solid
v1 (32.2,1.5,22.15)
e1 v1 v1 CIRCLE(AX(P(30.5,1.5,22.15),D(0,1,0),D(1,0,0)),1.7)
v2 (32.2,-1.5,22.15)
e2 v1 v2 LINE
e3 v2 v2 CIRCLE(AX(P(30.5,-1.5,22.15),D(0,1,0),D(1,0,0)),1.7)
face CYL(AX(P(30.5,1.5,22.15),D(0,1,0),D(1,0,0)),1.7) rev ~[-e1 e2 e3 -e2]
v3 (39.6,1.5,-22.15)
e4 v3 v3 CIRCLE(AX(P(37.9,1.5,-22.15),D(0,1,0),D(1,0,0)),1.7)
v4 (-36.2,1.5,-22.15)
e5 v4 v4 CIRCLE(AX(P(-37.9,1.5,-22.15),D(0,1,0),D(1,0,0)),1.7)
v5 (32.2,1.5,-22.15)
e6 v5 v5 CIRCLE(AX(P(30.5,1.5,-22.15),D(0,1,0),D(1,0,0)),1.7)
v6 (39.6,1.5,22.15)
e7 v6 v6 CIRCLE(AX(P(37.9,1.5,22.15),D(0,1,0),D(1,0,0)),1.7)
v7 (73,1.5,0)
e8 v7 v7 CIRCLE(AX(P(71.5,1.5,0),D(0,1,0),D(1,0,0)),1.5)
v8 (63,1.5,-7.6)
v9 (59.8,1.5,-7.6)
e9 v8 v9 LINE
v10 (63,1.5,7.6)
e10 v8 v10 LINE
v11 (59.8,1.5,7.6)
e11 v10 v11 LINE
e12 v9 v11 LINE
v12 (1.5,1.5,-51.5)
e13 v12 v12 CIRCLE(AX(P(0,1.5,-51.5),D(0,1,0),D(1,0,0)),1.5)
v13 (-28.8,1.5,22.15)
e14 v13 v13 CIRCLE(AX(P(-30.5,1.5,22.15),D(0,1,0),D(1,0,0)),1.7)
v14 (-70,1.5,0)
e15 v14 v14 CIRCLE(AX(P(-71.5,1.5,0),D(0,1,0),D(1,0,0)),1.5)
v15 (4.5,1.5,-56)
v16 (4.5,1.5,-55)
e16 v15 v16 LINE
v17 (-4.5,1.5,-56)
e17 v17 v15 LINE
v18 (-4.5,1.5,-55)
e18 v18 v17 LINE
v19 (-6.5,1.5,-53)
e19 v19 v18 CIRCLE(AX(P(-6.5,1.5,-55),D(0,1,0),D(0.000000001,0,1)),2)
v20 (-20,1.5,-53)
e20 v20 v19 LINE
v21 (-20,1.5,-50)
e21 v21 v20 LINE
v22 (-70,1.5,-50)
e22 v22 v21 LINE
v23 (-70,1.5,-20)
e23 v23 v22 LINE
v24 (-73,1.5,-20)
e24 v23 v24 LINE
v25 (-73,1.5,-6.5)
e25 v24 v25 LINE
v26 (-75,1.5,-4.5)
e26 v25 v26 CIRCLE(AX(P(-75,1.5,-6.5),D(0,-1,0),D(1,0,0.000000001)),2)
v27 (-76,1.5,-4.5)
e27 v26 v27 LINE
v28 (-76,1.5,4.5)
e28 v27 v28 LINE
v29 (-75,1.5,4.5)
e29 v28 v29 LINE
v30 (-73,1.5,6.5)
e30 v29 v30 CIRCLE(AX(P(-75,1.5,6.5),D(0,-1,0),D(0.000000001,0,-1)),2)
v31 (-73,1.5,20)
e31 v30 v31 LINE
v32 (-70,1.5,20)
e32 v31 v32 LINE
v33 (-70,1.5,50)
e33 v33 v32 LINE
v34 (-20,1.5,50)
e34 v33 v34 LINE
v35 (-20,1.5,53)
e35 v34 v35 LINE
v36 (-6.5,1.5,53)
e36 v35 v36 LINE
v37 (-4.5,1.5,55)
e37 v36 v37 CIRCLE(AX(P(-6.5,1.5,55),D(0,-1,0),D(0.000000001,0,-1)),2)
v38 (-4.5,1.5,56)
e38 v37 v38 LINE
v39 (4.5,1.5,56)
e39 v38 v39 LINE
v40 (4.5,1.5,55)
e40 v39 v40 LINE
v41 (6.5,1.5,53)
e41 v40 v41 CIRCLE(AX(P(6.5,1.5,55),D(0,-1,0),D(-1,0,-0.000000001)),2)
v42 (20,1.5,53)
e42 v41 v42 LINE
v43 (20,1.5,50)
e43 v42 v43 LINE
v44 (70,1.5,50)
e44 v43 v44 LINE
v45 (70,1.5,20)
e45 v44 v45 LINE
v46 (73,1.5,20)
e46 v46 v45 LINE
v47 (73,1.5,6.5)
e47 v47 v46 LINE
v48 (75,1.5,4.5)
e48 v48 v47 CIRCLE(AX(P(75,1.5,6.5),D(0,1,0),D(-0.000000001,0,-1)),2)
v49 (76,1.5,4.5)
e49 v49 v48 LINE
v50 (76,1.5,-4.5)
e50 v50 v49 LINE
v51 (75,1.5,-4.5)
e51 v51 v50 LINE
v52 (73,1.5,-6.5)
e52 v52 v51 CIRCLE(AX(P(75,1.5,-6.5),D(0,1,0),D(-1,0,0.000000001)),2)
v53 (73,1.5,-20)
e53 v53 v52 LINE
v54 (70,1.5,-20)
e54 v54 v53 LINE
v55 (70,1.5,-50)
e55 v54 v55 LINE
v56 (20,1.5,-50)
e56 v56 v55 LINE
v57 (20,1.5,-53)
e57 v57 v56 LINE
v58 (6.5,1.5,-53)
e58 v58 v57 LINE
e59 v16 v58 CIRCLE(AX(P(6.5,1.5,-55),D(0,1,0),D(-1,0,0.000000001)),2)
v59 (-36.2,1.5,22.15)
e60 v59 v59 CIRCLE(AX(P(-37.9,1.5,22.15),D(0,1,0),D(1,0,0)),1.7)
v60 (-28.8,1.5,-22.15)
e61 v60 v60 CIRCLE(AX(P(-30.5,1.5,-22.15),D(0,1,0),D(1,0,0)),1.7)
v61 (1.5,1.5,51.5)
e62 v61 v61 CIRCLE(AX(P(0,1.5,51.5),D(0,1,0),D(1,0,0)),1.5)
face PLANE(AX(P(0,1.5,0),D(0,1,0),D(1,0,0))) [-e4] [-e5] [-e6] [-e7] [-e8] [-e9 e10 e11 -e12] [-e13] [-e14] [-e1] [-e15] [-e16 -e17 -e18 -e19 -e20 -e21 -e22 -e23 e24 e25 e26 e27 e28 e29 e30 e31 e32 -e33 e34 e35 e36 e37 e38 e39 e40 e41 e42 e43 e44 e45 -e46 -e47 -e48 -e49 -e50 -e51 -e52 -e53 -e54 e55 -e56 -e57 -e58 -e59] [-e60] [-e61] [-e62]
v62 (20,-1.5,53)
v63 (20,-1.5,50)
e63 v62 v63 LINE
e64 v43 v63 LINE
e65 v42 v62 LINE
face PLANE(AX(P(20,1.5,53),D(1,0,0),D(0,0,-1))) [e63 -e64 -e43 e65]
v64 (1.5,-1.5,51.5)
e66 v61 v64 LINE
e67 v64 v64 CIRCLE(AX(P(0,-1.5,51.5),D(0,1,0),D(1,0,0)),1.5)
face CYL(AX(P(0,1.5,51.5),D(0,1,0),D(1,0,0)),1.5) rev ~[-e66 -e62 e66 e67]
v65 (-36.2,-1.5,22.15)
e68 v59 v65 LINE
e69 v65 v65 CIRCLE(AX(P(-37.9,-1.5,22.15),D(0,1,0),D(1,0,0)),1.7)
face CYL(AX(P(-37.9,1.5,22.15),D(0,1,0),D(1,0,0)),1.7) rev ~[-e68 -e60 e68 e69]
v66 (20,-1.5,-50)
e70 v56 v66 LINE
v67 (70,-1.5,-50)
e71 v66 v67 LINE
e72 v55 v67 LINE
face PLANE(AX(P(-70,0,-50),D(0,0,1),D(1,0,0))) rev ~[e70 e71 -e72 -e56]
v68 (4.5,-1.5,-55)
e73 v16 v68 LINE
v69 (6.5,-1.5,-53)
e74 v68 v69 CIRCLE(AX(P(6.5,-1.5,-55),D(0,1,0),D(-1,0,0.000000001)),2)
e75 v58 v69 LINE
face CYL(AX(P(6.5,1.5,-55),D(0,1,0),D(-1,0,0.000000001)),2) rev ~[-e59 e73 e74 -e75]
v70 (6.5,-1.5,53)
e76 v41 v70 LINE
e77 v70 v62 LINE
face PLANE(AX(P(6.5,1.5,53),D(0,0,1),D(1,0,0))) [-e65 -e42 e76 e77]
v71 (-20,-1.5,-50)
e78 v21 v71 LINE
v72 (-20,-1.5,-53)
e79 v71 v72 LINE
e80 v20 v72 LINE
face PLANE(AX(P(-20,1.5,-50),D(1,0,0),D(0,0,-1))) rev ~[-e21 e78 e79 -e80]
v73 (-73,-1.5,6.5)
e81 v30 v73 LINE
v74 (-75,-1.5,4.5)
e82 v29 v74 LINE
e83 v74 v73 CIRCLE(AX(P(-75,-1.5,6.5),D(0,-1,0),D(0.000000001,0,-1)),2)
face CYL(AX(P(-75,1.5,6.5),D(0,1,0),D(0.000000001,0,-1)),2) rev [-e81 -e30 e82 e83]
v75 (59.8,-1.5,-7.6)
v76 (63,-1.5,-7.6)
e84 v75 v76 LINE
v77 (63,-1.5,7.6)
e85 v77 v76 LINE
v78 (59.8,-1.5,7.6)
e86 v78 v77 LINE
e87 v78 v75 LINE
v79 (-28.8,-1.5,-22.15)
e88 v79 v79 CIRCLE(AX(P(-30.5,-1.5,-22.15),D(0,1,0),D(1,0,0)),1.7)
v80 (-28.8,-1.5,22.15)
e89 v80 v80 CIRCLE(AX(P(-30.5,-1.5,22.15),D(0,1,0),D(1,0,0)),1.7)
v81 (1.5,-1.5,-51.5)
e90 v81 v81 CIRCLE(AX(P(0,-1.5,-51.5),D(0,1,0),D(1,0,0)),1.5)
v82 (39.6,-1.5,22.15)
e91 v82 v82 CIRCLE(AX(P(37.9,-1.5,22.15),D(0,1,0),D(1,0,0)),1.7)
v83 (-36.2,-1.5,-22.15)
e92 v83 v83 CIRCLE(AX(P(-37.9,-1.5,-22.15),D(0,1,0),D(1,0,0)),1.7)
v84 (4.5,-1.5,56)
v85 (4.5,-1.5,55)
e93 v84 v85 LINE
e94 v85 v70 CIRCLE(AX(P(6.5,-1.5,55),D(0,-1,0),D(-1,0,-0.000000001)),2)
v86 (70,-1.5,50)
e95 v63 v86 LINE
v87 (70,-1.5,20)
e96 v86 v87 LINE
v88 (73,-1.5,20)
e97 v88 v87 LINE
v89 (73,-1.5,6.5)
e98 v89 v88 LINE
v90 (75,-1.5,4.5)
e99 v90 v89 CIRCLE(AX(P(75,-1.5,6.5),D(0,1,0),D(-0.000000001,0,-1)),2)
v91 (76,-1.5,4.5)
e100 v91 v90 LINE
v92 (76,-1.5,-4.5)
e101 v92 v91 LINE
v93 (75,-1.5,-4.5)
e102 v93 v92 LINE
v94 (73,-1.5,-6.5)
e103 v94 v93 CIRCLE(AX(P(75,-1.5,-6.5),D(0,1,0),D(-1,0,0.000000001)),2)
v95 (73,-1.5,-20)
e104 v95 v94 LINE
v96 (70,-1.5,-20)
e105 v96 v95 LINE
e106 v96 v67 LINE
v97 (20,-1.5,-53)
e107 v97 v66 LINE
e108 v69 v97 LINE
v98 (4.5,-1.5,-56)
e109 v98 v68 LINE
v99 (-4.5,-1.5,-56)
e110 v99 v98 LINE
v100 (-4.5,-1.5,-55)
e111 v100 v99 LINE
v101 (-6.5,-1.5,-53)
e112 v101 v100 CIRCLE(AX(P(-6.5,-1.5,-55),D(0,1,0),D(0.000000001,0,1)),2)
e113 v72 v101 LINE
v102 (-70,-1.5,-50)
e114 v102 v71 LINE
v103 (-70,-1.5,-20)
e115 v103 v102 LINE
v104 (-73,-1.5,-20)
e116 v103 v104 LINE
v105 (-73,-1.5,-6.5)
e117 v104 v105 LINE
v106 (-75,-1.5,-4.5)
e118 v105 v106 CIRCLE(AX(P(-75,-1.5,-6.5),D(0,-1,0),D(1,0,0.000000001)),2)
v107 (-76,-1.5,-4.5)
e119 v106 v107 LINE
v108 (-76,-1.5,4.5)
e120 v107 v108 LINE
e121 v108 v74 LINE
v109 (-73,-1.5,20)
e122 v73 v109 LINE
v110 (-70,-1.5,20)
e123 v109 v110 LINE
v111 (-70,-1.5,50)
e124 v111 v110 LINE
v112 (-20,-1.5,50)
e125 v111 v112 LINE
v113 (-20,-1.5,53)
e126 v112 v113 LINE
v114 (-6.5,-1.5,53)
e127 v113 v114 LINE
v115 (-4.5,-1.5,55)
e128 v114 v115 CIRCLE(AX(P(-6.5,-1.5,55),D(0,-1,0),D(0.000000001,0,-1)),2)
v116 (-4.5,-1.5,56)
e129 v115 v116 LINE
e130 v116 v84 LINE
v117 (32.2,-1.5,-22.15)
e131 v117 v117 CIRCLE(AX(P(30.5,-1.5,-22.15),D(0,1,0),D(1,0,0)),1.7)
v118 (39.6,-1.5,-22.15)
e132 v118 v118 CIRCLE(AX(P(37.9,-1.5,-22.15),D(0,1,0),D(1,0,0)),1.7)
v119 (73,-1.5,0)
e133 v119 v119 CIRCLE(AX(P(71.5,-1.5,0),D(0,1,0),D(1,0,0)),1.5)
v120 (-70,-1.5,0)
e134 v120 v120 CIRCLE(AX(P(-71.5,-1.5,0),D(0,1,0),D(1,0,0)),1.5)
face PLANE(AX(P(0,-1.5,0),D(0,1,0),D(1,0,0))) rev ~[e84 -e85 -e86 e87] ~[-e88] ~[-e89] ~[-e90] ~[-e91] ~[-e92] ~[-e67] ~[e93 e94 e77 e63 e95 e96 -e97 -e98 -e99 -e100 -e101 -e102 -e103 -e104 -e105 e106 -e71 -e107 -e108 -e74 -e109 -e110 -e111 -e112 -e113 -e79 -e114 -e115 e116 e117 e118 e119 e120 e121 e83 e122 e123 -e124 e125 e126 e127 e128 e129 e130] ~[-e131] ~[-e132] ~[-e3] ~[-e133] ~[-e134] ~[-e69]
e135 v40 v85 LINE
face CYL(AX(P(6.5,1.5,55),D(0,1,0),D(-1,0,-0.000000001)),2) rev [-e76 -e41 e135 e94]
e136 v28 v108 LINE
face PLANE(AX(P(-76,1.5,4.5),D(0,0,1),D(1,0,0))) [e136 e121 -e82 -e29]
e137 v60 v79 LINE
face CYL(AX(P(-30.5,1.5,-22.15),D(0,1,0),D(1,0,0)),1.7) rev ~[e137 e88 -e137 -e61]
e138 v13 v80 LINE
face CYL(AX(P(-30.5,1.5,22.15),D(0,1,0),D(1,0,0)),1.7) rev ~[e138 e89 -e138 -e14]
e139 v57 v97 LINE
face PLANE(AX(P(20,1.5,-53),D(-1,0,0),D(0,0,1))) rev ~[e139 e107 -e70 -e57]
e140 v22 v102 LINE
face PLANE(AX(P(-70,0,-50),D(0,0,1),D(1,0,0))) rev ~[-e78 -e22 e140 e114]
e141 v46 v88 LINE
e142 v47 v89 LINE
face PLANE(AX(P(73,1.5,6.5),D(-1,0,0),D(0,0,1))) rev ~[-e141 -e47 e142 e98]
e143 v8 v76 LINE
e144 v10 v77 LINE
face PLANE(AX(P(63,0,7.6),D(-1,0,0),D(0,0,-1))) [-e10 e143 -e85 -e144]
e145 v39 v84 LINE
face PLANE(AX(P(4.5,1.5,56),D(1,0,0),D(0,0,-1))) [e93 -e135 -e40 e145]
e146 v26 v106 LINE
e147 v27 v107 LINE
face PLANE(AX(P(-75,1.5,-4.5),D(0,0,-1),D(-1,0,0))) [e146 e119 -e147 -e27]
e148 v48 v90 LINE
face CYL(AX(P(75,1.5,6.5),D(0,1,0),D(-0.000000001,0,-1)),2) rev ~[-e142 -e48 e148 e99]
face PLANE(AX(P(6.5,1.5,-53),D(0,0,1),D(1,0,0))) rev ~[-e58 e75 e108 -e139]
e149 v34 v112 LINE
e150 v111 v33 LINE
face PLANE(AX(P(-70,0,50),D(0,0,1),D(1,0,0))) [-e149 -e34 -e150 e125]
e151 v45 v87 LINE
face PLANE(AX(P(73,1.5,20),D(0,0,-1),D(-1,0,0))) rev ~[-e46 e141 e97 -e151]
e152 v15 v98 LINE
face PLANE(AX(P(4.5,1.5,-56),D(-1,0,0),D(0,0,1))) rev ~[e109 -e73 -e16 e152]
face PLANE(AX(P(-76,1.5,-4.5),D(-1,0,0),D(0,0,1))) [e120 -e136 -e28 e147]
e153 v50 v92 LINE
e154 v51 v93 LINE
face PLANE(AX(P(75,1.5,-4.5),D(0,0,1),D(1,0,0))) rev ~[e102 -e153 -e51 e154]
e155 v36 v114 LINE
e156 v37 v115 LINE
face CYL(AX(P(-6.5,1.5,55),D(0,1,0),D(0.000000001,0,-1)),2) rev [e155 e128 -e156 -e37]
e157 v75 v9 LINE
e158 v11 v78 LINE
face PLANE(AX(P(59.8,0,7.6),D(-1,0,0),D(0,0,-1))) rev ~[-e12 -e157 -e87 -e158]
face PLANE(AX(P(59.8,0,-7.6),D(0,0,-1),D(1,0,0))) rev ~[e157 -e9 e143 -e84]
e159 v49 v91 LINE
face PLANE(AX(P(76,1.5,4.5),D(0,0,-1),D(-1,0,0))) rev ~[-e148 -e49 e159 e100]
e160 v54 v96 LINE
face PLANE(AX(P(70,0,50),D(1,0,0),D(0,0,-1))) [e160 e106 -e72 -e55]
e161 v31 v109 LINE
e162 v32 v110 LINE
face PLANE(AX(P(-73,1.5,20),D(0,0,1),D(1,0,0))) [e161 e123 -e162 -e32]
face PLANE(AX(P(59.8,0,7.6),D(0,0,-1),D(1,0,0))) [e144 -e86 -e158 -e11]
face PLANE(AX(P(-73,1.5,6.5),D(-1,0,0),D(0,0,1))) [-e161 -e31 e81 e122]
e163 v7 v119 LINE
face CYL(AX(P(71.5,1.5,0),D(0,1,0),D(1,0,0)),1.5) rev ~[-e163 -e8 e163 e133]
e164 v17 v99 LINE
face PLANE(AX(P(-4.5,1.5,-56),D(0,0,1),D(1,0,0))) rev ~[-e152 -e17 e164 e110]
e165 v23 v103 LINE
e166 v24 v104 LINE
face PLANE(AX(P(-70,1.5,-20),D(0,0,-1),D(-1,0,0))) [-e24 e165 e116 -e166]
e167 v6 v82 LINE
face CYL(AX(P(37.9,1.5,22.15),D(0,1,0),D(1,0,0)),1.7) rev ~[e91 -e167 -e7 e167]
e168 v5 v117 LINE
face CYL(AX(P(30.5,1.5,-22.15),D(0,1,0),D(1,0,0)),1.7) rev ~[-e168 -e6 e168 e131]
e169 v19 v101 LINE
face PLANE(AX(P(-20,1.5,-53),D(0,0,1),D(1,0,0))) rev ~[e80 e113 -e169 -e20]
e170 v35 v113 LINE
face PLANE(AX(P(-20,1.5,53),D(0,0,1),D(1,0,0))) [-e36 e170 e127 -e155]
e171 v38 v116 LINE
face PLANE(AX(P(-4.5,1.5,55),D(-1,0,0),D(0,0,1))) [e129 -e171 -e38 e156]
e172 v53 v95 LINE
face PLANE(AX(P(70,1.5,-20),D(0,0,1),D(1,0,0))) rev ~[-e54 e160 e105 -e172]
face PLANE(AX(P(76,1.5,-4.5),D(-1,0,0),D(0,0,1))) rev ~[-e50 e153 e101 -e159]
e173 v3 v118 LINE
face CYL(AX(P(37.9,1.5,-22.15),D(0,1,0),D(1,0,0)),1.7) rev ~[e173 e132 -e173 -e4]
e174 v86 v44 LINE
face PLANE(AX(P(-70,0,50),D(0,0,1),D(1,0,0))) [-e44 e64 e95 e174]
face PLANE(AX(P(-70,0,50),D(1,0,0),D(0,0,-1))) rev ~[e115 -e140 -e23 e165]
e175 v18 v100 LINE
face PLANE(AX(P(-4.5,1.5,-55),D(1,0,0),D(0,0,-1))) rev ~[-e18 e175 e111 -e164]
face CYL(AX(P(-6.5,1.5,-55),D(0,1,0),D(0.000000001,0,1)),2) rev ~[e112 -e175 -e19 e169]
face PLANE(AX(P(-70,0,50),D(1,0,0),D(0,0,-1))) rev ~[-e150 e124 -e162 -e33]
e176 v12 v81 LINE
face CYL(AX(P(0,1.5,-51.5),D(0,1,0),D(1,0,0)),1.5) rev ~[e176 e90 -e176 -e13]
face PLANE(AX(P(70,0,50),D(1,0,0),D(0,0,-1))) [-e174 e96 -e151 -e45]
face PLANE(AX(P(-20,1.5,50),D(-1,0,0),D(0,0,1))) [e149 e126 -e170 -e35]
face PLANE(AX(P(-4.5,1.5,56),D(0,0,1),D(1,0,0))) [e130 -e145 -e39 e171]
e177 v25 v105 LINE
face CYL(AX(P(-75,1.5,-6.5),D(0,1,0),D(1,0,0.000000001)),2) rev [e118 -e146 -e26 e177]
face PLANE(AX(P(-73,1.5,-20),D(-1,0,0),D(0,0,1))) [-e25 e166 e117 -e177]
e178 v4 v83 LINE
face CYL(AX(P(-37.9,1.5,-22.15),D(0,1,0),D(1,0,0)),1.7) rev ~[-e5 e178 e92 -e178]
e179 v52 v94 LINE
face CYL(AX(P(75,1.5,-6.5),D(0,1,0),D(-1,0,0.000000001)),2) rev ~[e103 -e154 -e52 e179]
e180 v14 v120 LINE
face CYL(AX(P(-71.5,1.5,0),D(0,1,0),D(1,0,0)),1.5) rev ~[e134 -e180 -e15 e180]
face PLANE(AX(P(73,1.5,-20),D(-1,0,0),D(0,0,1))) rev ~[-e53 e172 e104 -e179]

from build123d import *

# Parameters (mm, degrees)
ESBO_O1_W                = 140
ESBO_O1_H                = 100
RESSALTO_EXTRUS_O1_DEPTH = 1.5
RESSALTO_EXTRUS_O2_DEPTH = 3
ESBO_O2_R                = 1.5
CORTE_EXTRUS_O1_DEPTH    = 4
SKETCH1_R                = 1.7
CUT_EXTRUDE1_DEPTH       = 1
CUT_EXTRUDE1_DEPTH_BACK  = 4
SKETCH2_W                = 3.2
SKETCH2_H                = 15.2
CUT_EXTRUDE3_DEPTH       = 2.5
CUT_EXTRUDE3_DEPTH_BACK  = 2.5


with BuildPart() as part:
    # Esboço1 → Ressalto-extrusão1 (new body, symmetric)
    with BuildSketch(Plane(origin=(0, 0, 0), x_dir=(1, 0, 0), z_dir=(0, 1, 0))):
        Rectangle(ESBO_O1_W, ESBO_O1_H)
    extrude(amount=RESSALTO_EXTRUS_O1_DEPTH, both=True)

    # Esboço4 → Ressalto-extrusão2 (add, through all)
    with BuildSketch(Plane(origin=(0, 1.5, 0), x_dir=(1, 0, 0), z_dir=(0, 1, 0))):
        with BuildLine():
            Line((6.5, 53), (20, 53))
            Line((20, 53), (20, 50))
            Line((20, 50), (-20, 50))
            Line((-20, 50), (-20, 53))
            Line((-20, 53), (-6.5, 53))
            ThreePointArc((-6.5, 53), (-5.085786438, 53.585786438), (-4.5, 55))
            Line((-4.5, 55), (-4.5, 56))
            Line((-4.5, 56), (4.5, 56))
            Line((4.5, 56), (4.5, 55))
            ThreePointArc((4.5, 55), (5.085786438, 53.585786438), (6.5, 53))
        make_face()
        with BuildLine():
            Line((-76, 4.5), (-76, -4.5))
            Line((-76, -4.5), (-75, -4.5))
            ThreePointArc((-75, -4.5), (-73.585786438, -5.085786438), (-73, -6.5))
            Line((-73, -6.5), (-73, -20))
            Line((-73, -20), (-70, -20))
            Line((-70, -20), (-70, 20))
            Line((-70, 20), (-73, 20))
            Line((-73, 20), (-73, 6.5))
            ThreePointArc((-73, 6.5), (-73.585786438, 5.085786438), (-75, 4.5))
            Line((-75, 4.5), (-76, 4.5))
        make_face()
        with BuildLine():
            Line((4.5, -56), (4.5, -55))
            ThreePointArc((4.5, -55), (5.085786438, -53.585786438), (6.5, -53))
            Line((6.5, -53), (20, -53))
            Line((20, -53), (20, -50))
            Line((20, -50), (-20, -50))
            Line((-20, -50), (-20, -53))
            Line((-20, -53), (-6.5, -53))
            ThreePointArc((-6.5, -53), (-5.085786438, -53.585786438), (-4.5, -55))
            Line((-4.5, -55), (-4.5, -56))
            Line((-4.5, -56), (4.5, -56))
        make_face()
        with BuildLine():
            Line((70, 20), (73, 20))
            Line((73, 20), (73, 6.5))
            ThreePointArc((73, 6.5), (73.585786438, 5.085786438), (75, 4.5))
            Line((75, 4.5), (76, 4.5))
            Line((76, 4.5), (76, -4.5))
            Line((76, -4.5), (75, -4.5))
            ThreePointArc((75, -4.5), (73.585786438, -5.085786438), (73, -6.5))
            Line((73, -6.5), (73, -20))
            Line((73, -20), (70, -20))
            Line((70, -20), (70, 20))
        make_face()
    extrude(amount=-RESSALTO_EXTRUS_O2_DEPTH)

    # Esboço2 → Corte-extrusão1 (cut, through all)
    with BuildSketch(Plane(origin=(0, 1.5, 0), x_dir=(1, 0, 0), z_dir=(0, 1, 0))):
        with Locations((0, -51.5)):
            Circle(ESBO_O2_R)
        with Locations((0, 51.5)):
            Circle(ESBO_O2_R)
        with Locations((71.5, 0)):
            Circle(ESBO_O2_R)
        with Locations((-71.5, 0)):
            Circle(ESBO_O2_R)
    extrude(amount=-CORTE_EXTRUS_O1_DEPTH, mode=Mode.SUBTRACT)

    # Sketch1 → Cut-Extrude1 (cut, two sides)
    with BuildSketch(Plane(origin=(0, 1.5, 0), x_dir=(1, 0, 0), z_dir=(0, 1, 0))) as cut_extrude1_sk:
        with Locations((30.5, -22.15)):
            Circle(SKETCH1_R)
        with Locations((37.9, -22.15)):
            Circle(SKETCH1_R)
        with Locations((37.9, 22.15)):
            Circle(SKETCH1_R)
        with Locations((30.5, 22.15)):
            Circle(SKETCH1_R)
        with Locations((-30.5, 22.15)):
            Circle(SKETCH1_R)
        with Locations((-37.9, 22.15)):
            Circle(SKETCH1_R)
        with Locations((-37.9, -22.15)):
            Circle(SKETCH1_R)
        with Locations((-30.5, -22.15)):
            Circle(SKETCH1_R)
    extrude(amount=CUT_EXTRUDE1_DEPTH, mode=Mode.SUBTRACT)
    extrude(cut_extrude1_sk.sketch, amount=-CUT_EXTRUDE1_DEPTH_BACK, mode=Mode.SUBTRACT)

    # Sketch2 → Cut-Extrude3 (cut, two sides)
    with BuildSketch(Plane(origin=(0, 0, 0), x_dir=(1, 0, 0), z_dir=(0, 1, 0))) as cut_extrude3_sk:
        with Locations((61.4, 0)):
            Rectangle(SKETCH2_W, SKETCH2_H)
    extrude(amount=CUT_EXTRUDE3_DEPTH, mode=Mode.SUBTRACT)
    extrude(cut_extrude3_sk.sketch, amount=-CUT_EXTRUDE3_DEPTH_BACK, mode=Mode.SUBTRACT)


solid = part.part
